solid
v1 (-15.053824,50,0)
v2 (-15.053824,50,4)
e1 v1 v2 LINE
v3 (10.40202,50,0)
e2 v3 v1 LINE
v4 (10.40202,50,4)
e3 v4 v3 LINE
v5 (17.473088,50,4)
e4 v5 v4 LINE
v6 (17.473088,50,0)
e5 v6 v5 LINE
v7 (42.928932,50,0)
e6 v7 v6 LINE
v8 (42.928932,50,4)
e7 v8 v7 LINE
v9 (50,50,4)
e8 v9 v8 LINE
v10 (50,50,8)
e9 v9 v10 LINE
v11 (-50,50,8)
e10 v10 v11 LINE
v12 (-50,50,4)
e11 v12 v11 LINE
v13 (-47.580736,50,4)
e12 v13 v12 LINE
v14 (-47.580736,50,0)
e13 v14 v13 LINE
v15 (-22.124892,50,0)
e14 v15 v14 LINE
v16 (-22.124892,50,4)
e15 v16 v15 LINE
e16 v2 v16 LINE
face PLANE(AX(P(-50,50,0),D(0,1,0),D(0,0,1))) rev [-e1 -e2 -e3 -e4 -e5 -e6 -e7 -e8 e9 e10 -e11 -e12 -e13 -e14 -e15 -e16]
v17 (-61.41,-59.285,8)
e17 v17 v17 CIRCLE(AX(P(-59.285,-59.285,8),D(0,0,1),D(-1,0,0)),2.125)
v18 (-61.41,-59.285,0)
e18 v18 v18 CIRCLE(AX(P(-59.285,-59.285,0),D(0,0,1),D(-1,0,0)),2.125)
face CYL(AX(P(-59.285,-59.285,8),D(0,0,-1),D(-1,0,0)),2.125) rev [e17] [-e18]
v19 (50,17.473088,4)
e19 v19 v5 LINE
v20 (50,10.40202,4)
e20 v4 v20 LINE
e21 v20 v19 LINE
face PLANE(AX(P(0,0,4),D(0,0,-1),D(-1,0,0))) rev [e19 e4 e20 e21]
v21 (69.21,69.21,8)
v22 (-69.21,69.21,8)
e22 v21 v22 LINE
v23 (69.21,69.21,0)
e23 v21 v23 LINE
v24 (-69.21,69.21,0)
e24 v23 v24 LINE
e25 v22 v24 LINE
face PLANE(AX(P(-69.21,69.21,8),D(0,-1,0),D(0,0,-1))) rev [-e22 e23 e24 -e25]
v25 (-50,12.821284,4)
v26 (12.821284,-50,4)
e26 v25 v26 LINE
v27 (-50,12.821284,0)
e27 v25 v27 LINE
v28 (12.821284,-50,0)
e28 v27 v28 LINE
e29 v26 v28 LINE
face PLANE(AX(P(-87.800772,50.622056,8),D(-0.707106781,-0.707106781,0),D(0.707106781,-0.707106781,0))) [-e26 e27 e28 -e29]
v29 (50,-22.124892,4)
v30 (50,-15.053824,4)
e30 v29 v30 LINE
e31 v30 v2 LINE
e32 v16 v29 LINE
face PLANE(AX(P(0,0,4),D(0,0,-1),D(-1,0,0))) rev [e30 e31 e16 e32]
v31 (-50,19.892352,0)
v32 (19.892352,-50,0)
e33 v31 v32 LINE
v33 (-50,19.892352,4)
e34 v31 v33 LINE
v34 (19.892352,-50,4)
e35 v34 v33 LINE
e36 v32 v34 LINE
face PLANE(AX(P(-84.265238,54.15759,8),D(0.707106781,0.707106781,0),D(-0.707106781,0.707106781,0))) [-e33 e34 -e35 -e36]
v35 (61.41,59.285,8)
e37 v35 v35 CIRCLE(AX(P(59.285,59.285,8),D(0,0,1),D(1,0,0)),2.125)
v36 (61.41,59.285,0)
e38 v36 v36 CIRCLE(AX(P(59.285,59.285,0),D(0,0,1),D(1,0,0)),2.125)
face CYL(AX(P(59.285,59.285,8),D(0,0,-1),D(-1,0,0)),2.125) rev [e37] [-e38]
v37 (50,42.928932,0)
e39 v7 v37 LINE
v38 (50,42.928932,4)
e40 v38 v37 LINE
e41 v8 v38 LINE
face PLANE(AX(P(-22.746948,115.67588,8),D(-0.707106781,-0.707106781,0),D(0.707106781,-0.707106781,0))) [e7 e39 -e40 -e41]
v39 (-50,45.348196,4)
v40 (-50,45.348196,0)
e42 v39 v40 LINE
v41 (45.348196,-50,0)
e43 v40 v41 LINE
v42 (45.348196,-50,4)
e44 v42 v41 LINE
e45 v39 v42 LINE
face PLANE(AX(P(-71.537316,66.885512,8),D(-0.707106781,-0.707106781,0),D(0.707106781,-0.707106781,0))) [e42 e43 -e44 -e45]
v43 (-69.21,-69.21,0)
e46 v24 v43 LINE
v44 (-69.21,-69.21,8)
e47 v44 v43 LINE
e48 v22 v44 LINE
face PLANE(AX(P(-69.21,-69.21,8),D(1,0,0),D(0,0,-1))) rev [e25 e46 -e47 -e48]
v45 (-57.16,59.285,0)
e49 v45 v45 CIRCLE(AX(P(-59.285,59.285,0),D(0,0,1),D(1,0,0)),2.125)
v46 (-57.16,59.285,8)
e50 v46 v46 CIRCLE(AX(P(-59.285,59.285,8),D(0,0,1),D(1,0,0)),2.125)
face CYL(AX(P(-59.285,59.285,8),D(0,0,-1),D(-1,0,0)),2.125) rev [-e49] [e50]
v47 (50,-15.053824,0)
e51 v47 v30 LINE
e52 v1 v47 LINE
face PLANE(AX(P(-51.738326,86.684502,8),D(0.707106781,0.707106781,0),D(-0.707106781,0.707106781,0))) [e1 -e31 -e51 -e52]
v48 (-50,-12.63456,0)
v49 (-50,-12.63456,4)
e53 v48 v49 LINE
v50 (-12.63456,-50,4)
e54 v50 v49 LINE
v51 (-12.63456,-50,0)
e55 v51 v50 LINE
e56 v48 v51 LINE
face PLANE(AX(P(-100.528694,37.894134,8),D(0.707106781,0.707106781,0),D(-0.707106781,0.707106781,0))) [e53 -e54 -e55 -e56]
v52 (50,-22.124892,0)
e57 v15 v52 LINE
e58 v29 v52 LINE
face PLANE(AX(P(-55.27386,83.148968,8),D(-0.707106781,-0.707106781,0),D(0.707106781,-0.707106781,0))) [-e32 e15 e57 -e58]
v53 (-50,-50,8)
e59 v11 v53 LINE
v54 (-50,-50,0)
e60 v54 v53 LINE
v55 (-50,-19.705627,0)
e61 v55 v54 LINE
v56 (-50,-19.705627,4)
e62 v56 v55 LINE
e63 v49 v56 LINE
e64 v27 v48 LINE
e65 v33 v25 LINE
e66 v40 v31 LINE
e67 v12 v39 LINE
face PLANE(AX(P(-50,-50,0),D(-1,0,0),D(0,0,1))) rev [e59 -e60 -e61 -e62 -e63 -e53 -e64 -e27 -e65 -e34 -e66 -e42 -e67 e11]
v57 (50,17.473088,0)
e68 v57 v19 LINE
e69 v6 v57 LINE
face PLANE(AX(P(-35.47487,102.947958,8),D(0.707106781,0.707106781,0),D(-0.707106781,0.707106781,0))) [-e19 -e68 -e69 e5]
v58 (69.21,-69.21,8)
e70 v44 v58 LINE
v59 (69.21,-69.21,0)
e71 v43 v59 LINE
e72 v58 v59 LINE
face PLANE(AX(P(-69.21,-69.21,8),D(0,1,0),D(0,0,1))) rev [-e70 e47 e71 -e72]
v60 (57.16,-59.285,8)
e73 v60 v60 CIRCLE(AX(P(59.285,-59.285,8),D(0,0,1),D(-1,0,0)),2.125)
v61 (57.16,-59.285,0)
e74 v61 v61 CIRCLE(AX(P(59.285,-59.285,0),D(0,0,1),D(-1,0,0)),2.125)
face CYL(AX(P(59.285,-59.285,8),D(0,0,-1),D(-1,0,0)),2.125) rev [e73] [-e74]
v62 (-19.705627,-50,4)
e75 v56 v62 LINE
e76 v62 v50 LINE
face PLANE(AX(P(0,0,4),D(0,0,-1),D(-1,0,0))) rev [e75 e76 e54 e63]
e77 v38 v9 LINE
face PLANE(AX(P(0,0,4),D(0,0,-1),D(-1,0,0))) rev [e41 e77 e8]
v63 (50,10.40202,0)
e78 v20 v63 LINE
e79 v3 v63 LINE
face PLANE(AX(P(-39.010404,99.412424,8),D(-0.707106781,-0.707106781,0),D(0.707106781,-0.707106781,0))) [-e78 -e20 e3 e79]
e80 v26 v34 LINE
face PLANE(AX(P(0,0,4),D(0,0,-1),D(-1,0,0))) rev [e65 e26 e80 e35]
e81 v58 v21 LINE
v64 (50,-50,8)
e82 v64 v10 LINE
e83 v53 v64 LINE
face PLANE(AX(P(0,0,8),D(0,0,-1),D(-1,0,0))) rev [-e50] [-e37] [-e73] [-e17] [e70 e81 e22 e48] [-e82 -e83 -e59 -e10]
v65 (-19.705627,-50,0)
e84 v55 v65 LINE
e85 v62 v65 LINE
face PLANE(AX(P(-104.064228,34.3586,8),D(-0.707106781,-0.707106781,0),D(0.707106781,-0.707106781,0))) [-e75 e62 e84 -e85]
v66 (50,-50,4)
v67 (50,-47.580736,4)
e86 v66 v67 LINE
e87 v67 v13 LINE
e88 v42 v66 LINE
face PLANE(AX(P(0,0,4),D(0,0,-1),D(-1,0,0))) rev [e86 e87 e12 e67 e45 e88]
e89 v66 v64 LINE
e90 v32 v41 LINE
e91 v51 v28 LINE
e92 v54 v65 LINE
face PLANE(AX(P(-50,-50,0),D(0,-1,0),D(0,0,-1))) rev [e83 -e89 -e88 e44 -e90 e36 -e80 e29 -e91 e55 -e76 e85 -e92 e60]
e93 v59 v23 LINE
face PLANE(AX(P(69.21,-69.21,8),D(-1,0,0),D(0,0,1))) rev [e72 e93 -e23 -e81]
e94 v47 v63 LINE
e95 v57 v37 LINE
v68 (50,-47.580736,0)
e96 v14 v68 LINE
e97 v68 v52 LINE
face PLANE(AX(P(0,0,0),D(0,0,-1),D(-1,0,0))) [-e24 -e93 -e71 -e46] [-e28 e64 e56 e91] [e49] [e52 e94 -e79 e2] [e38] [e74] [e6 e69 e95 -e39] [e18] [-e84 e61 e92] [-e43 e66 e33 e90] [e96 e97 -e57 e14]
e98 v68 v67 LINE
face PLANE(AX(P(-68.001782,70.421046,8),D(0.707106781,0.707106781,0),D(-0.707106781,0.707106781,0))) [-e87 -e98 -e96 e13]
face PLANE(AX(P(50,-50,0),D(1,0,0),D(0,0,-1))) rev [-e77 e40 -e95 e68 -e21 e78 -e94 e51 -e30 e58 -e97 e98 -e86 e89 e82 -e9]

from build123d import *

# Parameters (mm, degrees)
SKETCH1_W                        = 138.42
SKETCH1_H                        = 138.42
SKETCH1_R                        = 2.125
BOSS_EXTRUDE1_DEPTH              = 8
SKETCH2_W                        = 100
SKETCH2_H                        = 100
CUT_EXTRUDE10_DEPTH              = 99.204114985
BOSS_EXTRUDE12_REACH             = 100.204
SKETCH12_W                       = 5
SKETCH12_H                       = 8
BOSS_EXTRUDE12_DIRECTION_2_REACH = 100.204
LPATTERN2_COUNT                  = 6
LPATTERN2_PITCH                  = 23
SKETCH2_3_W                      = 100
SKETCH2_3_H                      = 100
CUT_EXTRUDE13_DEPTH              = 4


with BuildPart() as part:
    # Sketch1 → Boss-Extrude1 (new body)
    with BuildSketch(Plane.XY):
        Rectangle(SKETCH1_W, SKETCH1_H)
        with Locations((-59.285, 59.285)):
            Circle(SKETCH1_R, mode=Mode.SUBTRACT)
        with Locations(Location((59.285, -59.285, 0), (0, 0, 180))):
            Circle(SKETCH1_R, mode=Mode.SUBTRACT)
        with Locations((59.285, 59.285)):
            Circle(SKETCH1_R, mode=Mode.SUBTRACT)
        with Locations(Location((-59.285, -59.285, 0), (0, 0, 180))):
            Circle(SKETCH1_R, mode=Mode.SUBTRACT)
    extrude(amount=BOSS_EXTRUDE1_DEPTH)

    # Sketch2 → Cut-Extrude10 (cut, through all)
    with BuildSketch(Plane.XY.offset(8)):
        Rectangle(SKETCH2_W, SKETCH2_H)
    extrude(amount=-CUT_EXTRUDE10_DEPTH, mode=Mode.SUBTRACT)

    # Sketch12 → Boss-Extrude12 (add, up to next)
    with BuildSketch(Plane(origin=(0, 0, 0), x_dir=(-0.7071067811865477, -0.7071067811865475, 0), z_dir=(0.7071067811865475, -0.7071067811865477, 0)), mode=Mode.PRIVATE) as boss_extrude12_sk1:
        with Locations((-68.210678119, -4)):
            Rectangle(SKETCH12_W, SKETCH12_H)
    boss_extrude12_tool1 = extrude(boss_extrude12_sk1.sketch, amount=BOSS_EXTRUDE12_REACH, mode=Mode.PRIVATE) - part.part
    boss_extrude12 = boss_extrude12_tool1.solids().sort_by_distance((48.232233, 48.232233, 4))[0]
    add(boss_extrude12)

    # Sketch12 → Boss-Extrude12 direction 2 (add, up to next)
    with BuildSketch(Plane(origin=(0, 0, 0), x_dir=(-0.7071067811865477, -0.7071067811865475, 0), z_dir=(0.7071067811865475, -0.7071067811865477, 0)), mode=Mode.PRIVATE) as boss_extrude12_direction_2_sk1:
        with Locations((-68.210678119, -4)):
            Rectangle(SKETCH12_W, SKETCH12_H)
    boss_extrude12_direction_2_tool1 = extrude(boss_extrude12_direction_2_sk1.sketch, amount=-BOSS_EXTRUDE12_DIRECTION_2_REACH, mode=Mode.PRIVATE) - part.part
    boss_extrude12_direction_2 = boss_extrude12_direction_2_tool1.solids().sort_by_distance((48.232233, 48.232233, 4))[0]
    add(boss_extrude12_direction_2)

    # LPattern2: Boss-Extrude12, Boss-Extrude12 direction 2; each copy of Boss-Extrude12, Boss-Extrude12 direction 2 runs up to whatever stops it at its own place
    lpattern2_before = part.part  # the part as the pattern finds it: every copy runs up to it
    lpattern2_boss_extrude12_long = extrude(boss_extrude12_sk1.sketch, amount=BOSS_EXTRUDE12_REACH, mode=Mode.PRIVATE)
    lpattern2_boss_extrude12_tool1 = lpattern2_boss_extrude12_long.moved(Location(Vector(-0.7071067811865477, -0.7071067811865475, 0) * (1 * LPATTERN2_PITCH))) - lpattern2_before
    add(lpattern2_boss_extrude12_tool1.solids().sort_by_distance((31.968777, 31.968777, 4))[0])
    lpattern2_boss_extrude12_tool2 = lpattern2_boss_extrude12_long.moved(Location(Vector(-0.7071067811865477, -0.7071067811865475, 0) * (2 * LPATTERN2_PITCH))) - lpattern2_before
    add(lpattern2_boss_extrude12_tool2.solids().sort_by_distance((15.705321, 15.705321, 4))[0])
    lpattern2_boss_extrude12_tool3 = lpattern2_boss_extrude12_long.moved(Location(Vector(-0.7071067811865477, -0.7071067811865475, 0) * (3 * LPATTERN2_PITCH))) - lpattern2_before
    add(lpattern2_boss_extrude12_tool3.solids().sort_by_distance((-0.558135, -0.558135, 4))[0])
    lpattern2_boss_extrude12_tool4 = lpattern2_boss_extrude12_long.moved(Location(Vector(-0.7071067811865477, -0.7071067811865475, 0) * (4 * LPATTERN2_PITCH))) - lpattern2_before
    add(lpattern2_boss_extrude12_tool4.solids().sort_by_distance((-16.821591, -16.821591, 4))[0])
    lpattern2_boss_extrude12_tool5 = lpattern2_boss_extrude12_long.moved(Location(Vector(-0.7071067811865477, -0.7071067811865475, 0) * (5 * LPATTERN2_PITCH))) - lpattern2_before
    add(lpattern2_boss_extrude12_tool5.solids().sort_by_distance((-33.085047, -33.085047, 4))[0])
    lpattern2_boss_extrude12_direction_2_long = extrude(boss_extrude12_direction_2_sk1.sketch, amount=-BOSS_EXTRUDE12_DIRECTION_2_REACH, mode=Mode.PRIVATE)
    lpattern2_boss_extrude12_direction_2_tool1 = lpattern2_boss_extrude12_direction_2_long.moved(Location(Vector(-0.7071067811865477, -0.7071067811865475, 0) * (1 * LPATTERN2_PITCH))) - lpattern2_before
    add(lpattern2_boss_extrude12_direction_2_tool1.solids().sort_by_distance((31.968777, 31.968777, 4))[0])
    lpattern2_boss_extrude12_direction_2_tool2 = lpattern2_boss_extrude12_direction_2_long.moved(Location(Vector(-0.7071067811865477, -0.7071067811865475, 0) * (2 * LPATTERN2_PITCH))) - lpattern2_before
    add(lpattern2_boss_extrude12_direction_2_tool2.solids().sort_by_distance((15.705321, 15.705321, 4))[0])
    lpattern2_boss_extrude12_direction_2_tool3 = lpattern2_boss_extrude12_direction_2_long.moved(Location(Vector(-0.7071067811865477, -0.7071067811865475, 0) * (3 * LPATTERN2_PITCH))) - lpattern2_before
    add(lpattern2_boss_extrude12_direction_2_tool3.solids().sort_by_distance((-0.558135, -0.558135, 4))[0])
    lpattern2_boss_extrude12_direction_2_tool4 = lpattern2_boss_extrude12_direction_2_long.moved(Location(Vector(-0.7071067811865477, -0.7071067811865475, 0) * (4 * LPATTERN2_PITCH))) - lpattern2_before
    add(lpattern2_boss_extrude12_direction_2_tool4.solids().sort_by_distance((-16.821591, -16.821591, 4))[0])
    lpattern2_boss_extrude12_direction_2_tool5 = lpattern2_boss_extrude12_direction_2_long.moved(Location(Vector(-0.7071067811865477, -0.7071067811865475, 0) * (5 * LPATTERN2_PITCH))) - lpattern2_before
    add(lpattern2_boss_extrude12_direction_2_tool5.solids().sort_by_distance((-33.085047, -33.085047, 4))[0])

    # Sketch2<3> → Cut-Extrude13 (cut)
    with BuildSketch(Plane.XY.offset(8)):
        Rectangle(SKETCH2_3_W, SKETCH2_3_H)
    extrude(amount=-CUT_EXTRUDE13_DEPTH, mode=Mode.SUBTRACT)


solid = part.part
